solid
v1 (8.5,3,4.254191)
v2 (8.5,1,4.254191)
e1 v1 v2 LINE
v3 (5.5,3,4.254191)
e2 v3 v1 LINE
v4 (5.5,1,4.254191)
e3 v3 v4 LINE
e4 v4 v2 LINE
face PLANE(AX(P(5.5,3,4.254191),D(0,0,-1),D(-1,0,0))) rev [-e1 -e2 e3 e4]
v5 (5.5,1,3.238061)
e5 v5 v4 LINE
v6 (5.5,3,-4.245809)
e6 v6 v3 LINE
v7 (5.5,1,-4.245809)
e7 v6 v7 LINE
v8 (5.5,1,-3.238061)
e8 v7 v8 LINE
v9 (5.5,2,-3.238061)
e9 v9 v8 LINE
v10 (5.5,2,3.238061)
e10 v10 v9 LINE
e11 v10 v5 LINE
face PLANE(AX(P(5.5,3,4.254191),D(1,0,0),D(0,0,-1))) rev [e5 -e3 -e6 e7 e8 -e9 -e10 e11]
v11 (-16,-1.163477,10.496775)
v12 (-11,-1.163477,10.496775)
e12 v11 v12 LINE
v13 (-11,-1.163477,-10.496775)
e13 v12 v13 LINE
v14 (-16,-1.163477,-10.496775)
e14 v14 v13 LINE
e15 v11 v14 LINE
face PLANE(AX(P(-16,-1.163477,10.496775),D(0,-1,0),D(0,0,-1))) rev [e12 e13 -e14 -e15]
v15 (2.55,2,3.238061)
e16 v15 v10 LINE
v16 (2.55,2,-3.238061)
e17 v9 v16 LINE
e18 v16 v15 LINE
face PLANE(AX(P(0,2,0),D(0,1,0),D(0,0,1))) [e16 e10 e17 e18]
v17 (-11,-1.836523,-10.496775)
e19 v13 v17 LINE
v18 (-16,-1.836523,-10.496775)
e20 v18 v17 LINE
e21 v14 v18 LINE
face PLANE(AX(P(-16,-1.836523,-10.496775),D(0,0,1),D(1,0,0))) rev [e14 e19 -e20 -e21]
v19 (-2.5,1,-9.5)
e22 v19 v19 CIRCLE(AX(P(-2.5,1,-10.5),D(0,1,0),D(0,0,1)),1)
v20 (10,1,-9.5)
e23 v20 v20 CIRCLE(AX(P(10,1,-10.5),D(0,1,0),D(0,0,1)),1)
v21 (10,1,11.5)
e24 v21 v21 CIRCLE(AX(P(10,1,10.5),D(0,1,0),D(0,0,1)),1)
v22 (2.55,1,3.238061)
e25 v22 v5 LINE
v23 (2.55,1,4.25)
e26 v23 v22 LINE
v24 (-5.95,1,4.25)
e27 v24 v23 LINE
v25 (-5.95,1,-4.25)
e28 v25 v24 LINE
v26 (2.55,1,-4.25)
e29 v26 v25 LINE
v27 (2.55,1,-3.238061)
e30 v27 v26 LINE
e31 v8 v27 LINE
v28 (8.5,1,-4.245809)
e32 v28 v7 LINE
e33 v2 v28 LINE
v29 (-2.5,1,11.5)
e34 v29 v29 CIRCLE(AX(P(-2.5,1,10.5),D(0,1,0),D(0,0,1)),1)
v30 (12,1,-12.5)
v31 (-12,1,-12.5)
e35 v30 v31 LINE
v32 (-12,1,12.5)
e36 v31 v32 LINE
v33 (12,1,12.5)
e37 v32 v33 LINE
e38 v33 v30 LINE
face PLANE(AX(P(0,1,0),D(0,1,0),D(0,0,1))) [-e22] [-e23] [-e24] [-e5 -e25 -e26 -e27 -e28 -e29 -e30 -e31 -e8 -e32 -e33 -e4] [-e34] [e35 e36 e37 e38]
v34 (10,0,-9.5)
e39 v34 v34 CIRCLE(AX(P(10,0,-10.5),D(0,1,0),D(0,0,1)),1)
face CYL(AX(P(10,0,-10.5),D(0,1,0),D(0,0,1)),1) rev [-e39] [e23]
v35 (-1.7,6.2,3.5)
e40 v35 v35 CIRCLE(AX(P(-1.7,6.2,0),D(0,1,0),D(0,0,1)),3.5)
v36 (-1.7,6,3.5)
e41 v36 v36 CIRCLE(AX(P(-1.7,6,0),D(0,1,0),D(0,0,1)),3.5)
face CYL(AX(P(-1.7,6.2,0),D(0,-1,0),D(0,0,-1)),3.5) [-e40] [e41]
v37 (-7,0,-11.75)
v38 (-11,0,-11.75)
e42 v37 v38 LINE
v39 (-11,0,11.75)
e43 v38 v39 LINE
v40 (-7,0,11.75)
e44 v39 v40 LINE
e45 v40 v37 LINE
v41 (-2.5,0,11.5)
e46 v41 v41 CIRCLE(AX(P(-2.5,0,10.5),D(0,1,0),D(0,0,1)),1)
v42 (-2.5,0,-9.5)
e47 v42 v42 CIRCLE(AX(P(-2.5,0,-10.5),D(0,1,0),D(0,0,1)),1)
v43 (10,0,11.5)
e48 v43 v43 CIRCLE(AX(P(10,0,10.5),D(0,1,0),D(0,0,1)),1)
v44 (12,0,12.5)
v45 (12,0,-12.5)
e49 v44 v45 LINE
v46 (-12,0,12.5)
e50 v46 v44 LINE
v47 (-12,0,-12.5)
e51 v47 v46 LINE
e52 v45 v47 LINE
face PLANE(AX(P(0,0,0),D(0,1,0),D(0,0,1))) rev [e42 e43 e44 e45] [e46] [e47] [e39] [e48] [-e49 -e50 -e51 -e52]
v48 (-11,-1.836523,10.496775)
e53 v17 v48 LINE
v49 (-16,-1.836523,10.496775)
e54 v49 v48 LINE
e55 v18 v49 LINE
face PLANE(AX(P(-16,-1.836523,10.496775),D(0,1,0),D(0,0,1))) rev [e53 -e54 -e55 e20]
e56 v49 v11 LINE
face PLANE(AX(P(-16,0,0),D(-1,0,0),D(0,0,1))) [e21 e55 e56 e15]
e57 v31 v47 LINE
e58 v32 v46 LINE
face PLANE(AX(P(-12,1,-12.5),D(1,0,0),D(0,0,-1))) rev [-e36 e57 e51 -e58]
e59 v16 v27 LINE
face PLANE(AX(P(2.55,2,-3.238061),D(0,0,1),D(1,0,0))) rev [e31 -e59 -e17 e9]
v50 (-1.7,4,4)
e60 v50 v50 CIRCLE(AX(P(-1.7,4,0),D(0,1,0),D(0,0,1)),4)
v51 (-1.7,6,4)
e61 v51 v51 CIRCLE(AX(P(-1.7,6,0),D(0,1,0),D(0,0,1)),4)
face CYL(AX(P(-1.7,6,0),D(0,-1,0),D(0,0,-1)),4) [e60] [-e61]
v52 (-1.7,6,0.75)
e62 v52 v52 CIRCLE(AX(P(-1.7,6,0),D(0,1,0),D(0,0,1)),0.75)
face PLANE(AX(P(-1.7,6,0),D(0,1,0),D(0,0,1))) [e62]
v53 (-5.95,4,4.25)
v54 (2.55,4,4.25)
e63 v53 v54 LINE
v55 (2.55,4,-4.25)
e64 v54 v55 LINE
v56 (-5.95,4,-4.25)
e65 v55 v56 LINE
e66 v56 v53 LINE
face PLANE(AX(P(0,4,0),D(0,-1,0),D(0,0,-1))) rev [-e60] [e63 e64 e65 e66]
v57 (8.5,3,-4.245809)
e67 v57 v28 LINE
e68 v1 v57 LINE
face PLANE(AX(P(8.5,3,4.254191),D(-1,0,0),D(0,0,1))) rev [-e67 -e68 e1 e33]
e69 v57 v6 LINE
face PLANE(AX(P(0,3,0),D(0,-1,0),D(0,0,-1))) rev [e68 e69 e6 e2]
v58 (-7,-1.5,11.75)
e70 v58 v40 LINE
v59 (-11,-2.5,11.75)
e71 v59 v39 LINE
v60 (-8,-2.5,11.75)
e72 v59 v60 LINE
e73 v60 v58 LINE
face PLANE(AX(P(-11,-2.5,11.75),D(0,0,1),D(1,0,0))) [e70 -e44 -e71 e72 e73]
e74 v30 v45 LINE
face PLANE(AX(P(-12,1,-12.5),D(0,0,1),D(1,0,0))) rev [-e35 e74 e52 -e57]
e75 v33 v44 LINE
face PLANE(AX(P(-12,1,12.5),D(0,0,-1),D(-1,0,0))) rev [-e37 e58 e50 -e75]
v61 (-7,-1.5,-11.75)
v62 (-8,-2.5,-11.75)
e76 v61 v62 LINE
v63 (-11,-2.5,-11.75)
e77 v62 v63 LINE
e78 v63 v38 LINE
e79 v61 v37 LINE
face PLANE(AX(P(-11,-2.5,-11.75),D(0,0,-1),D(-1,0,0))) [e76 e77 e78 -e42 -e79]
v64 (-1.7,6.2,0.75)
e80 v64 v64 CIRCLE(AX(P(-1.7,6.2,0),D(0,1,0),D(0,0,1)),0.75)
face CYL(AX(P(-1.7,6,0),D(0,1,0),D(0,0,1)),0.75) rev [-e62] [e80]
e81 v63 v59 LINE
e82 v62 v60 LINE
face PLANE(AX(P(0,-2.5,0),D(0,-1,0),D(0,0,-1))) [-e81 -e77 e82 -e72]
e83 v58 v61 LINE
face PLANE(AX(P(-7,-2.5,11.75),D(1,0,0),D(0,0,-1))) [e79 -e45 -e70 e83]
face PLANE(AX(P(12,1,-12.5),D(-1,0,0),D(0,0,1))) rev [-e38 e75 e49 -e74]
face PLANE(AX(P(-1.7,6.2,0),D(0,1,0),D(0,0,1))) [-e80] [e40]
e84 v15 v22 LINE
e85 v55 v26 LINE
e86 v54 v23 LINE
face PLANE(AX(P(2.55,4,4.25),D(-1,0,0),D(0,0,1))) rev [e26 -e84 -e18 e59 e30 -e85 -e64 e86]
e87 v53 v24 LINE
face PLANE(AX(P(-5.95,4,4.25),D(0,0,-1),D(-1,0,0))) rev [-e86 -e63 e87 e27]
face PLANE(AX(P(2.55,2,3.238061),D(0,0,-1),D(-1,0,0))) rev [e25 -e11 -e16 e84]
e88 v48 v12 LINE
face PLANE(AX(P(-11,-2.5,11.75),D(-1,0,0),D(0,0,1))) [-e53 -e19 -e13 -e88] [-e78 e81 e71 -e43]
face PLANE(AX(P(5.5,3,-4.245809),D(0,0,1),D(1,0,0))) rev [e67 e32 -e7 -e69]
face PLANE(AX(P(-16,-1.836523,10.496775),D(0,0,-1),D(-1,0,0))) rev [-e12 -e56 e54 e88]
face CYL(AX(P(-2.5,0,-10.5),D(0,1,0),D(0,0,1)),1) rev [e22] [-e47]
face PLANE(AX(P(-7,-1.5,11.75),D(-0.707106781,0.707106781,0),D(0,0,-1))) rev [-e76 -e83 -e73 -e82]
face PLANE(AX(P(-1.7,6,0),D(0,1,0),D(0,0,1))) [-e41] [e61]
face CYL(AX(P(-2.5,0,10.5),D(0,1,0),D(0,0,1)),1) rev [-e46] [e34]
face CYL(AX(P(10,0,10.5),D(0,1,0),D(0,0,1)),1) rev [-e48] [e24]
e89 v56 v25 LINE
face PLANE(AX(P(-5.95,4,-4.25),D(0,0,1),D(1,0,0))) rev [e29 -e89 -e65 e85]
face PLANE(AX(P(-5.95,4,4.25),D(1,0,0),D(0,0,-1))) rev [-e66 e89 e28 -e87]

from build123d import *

# Parameters (mm, degrees)
SKETCH_1_W          = 24
SKETCH_1_H          = 25
EXTRUDE_1_DEPTH     = 1
SKETCH_2_W          = 8.5
SKETCH_2_H          = 8.5
EXTRUDE_2_DEPTH     = 3
SKETCH_3_R          = 4
EXTRUDE_3_DEPTH     = 2
SKETCH_4_W          = 3
SKETCH_4_H          = 8.5
EXTRUDE_4_DEPTH     = 2
SKETCH_5_W          = 2.95
SKETCH_5_H          = 6.47612255
EXTRUDE_5_DEPTH     = 1
SKETCH_6_W          = 4
SKETCH_6_H          = 23.5
EXTRUDE_6_DEPTH     = 2.5
CHAMFER_1_SIZE      = 1
SKETCH_7_W          = 20.993550262
SKETCH_7_H          = 0.673046144
EXTRUDE_7_DEPTH     = 5
SKETCH_8_R          = 1
CUT_EXTRUDE_1_DEPTH = 1
SKETCH_9_R          = 3.5
EXTRUDE_8_DEPTH     = 0.2
SKETCH_10_R         = 0.75
CUT_EXTRUDE_2_DEPTH = 0.2


with BuildPart() as part:
    # 草图1 → 凸台-拉伸1 (new body)
    with BuildSketch(Plane(origin=(0, 0, 0), x_dir=(1, 0, 0), z_dir=(0, 1, 0))):
        Rectangle(SKETCH_1_W, SKETCH_1_H)
    extrude(amount=EXTRUDE_1_DEPTH)

    # 草图2 → 凸台-拉伸2 (add)
    with BuildSketch(Plane(origin=(0, 1, 0), x_dir=(1, 0, 0), z_dir=(0, 1, 0))):
        with Locations((-1.7, 0)):
            Rectangle(SKETCH_2_W, SKETCH_2_H)
    extrude(amount=EXTRUDE_2_DEPTH)

    # 草图3 → 凸台-拉伸3 (add)
    with BuildSketch(Plane(origin=(0, 4, 0), x_dir=(1, 0, 0), z_dir=(0, 1, 0))):
        with Locations(Location((-1.7, 0, 0), (0, 0, 270))):
            Circle(SKETCH_3_R)
    extrude(amount=EXTRUDE_3_DEPTH)

    # 草图4 → 凸台-拉伸4 (add)
    with BuildSketch(Plane(origin=(0, 1, 0), x_dir=(1, 0, 0), z_dir=(0, 1, 0))):
        with Locations((7, -0.004190874)):
            Rectangle(SKETCH_4_W, SKETCH_4_H)
    extrude(amount=EXTRUDE_4_DEPTH)

    # 草图5 → 凸台-拉伸5 (add)
    with BuildSketch(Plane(origin=(0, 1, 0), x_dir=(1, 0, 0), z_dir=(0, 1, 0))):
        with Locations((4.025, 0)):
            Rectangle(SKETCH_5_W, SKETCH_5_H)
    extrude(amount=EXTRUDE_5_DEPTH)

    # 草图6 → 凸台-拉伸6 (add)
    with BuildSketch(Plane(origin=(0, 0, 0), x_dir=(1, 0, 0), z_dir=(0, 1, 0))):
        with Locations((-9, 0)):
            Rectangle(SKETCH_6_W, SKETCH_6_H)
    extrude(amount=-EXTRUDE_6_DEPTH)

    # 倒角1
    chamfer_1_edges = [part.edges().sort_by_distance(p)[0] for p in [
        (-7, -2.5, 0),
    ]]
    chamfer(chamfer_1_edges, length=CHAMFER_1_SIZE)

    # 草图7 → 凸台-拉伸7 (add)
    with BuildSketch(Plane.ZY.offset(11)):
        with Locations((0, -1.5)):
            Rectangle(SKETCH_7_W, SKETCH_7_H)
    extrude(amount=EXTRUDE_7_DEPTH)

    # 草图8 → 切除-拉伸1 (cut)
    with BuildSketch(Plane(origin=(0, 1, 0), x_dir=(1, 0, 0), z_dir=(0, 1, 0))):
        with Locations(Location((10, -10.5, 0), (0, 0, 270))):
            Circle(SKETCH_8_R)
        with Locations(Location((10, 10.5, 0), (0, 0, 270))):
            Circle(SKETCH_8_R)
        with Locations(Location((-2.5, -10.5, 0), (0, 0, 270))):
            Circle(SKETCH_8_R)
        with Locations(Location((-2.5, 10.5, 0), (0, 0, 270))):
            Circle(SKETCH_8_R)
    extrude(amount=-CUT_EXTRUDE_1_DEPTH, mode=Mode.SUBTRACT)

    # 草图9 → 凸台-拉伸8 (add)
    with BuildSketch(Plane(origin=(0, 6, 0), x_dir=(1, 0, 0), z_dir=(0, 1, 0))):
        with Locations(Location((-1.7, 0, 0), (0, 0, 270))):
            Circle(SKETCH_9_R)
    extrude(amount=EXTRUDE_8_DEPTH)

    # 草图10 → 切除-拉伸2 (cut)
    with BuildSketch(Plane(origin=(0, 6.2, 0), x_dir=(1, 0, 0), z_dir=(0, 1, 0))):
        with Locations(Location((-1.7, 0, 0), (0, 0, 270))):
            Circle(SKETCH_10_R)
    extrude(amount=-CUT_EXTRUDE_2_DEPTH, mode=Mode.SUBTRACT)


solid = part.part
